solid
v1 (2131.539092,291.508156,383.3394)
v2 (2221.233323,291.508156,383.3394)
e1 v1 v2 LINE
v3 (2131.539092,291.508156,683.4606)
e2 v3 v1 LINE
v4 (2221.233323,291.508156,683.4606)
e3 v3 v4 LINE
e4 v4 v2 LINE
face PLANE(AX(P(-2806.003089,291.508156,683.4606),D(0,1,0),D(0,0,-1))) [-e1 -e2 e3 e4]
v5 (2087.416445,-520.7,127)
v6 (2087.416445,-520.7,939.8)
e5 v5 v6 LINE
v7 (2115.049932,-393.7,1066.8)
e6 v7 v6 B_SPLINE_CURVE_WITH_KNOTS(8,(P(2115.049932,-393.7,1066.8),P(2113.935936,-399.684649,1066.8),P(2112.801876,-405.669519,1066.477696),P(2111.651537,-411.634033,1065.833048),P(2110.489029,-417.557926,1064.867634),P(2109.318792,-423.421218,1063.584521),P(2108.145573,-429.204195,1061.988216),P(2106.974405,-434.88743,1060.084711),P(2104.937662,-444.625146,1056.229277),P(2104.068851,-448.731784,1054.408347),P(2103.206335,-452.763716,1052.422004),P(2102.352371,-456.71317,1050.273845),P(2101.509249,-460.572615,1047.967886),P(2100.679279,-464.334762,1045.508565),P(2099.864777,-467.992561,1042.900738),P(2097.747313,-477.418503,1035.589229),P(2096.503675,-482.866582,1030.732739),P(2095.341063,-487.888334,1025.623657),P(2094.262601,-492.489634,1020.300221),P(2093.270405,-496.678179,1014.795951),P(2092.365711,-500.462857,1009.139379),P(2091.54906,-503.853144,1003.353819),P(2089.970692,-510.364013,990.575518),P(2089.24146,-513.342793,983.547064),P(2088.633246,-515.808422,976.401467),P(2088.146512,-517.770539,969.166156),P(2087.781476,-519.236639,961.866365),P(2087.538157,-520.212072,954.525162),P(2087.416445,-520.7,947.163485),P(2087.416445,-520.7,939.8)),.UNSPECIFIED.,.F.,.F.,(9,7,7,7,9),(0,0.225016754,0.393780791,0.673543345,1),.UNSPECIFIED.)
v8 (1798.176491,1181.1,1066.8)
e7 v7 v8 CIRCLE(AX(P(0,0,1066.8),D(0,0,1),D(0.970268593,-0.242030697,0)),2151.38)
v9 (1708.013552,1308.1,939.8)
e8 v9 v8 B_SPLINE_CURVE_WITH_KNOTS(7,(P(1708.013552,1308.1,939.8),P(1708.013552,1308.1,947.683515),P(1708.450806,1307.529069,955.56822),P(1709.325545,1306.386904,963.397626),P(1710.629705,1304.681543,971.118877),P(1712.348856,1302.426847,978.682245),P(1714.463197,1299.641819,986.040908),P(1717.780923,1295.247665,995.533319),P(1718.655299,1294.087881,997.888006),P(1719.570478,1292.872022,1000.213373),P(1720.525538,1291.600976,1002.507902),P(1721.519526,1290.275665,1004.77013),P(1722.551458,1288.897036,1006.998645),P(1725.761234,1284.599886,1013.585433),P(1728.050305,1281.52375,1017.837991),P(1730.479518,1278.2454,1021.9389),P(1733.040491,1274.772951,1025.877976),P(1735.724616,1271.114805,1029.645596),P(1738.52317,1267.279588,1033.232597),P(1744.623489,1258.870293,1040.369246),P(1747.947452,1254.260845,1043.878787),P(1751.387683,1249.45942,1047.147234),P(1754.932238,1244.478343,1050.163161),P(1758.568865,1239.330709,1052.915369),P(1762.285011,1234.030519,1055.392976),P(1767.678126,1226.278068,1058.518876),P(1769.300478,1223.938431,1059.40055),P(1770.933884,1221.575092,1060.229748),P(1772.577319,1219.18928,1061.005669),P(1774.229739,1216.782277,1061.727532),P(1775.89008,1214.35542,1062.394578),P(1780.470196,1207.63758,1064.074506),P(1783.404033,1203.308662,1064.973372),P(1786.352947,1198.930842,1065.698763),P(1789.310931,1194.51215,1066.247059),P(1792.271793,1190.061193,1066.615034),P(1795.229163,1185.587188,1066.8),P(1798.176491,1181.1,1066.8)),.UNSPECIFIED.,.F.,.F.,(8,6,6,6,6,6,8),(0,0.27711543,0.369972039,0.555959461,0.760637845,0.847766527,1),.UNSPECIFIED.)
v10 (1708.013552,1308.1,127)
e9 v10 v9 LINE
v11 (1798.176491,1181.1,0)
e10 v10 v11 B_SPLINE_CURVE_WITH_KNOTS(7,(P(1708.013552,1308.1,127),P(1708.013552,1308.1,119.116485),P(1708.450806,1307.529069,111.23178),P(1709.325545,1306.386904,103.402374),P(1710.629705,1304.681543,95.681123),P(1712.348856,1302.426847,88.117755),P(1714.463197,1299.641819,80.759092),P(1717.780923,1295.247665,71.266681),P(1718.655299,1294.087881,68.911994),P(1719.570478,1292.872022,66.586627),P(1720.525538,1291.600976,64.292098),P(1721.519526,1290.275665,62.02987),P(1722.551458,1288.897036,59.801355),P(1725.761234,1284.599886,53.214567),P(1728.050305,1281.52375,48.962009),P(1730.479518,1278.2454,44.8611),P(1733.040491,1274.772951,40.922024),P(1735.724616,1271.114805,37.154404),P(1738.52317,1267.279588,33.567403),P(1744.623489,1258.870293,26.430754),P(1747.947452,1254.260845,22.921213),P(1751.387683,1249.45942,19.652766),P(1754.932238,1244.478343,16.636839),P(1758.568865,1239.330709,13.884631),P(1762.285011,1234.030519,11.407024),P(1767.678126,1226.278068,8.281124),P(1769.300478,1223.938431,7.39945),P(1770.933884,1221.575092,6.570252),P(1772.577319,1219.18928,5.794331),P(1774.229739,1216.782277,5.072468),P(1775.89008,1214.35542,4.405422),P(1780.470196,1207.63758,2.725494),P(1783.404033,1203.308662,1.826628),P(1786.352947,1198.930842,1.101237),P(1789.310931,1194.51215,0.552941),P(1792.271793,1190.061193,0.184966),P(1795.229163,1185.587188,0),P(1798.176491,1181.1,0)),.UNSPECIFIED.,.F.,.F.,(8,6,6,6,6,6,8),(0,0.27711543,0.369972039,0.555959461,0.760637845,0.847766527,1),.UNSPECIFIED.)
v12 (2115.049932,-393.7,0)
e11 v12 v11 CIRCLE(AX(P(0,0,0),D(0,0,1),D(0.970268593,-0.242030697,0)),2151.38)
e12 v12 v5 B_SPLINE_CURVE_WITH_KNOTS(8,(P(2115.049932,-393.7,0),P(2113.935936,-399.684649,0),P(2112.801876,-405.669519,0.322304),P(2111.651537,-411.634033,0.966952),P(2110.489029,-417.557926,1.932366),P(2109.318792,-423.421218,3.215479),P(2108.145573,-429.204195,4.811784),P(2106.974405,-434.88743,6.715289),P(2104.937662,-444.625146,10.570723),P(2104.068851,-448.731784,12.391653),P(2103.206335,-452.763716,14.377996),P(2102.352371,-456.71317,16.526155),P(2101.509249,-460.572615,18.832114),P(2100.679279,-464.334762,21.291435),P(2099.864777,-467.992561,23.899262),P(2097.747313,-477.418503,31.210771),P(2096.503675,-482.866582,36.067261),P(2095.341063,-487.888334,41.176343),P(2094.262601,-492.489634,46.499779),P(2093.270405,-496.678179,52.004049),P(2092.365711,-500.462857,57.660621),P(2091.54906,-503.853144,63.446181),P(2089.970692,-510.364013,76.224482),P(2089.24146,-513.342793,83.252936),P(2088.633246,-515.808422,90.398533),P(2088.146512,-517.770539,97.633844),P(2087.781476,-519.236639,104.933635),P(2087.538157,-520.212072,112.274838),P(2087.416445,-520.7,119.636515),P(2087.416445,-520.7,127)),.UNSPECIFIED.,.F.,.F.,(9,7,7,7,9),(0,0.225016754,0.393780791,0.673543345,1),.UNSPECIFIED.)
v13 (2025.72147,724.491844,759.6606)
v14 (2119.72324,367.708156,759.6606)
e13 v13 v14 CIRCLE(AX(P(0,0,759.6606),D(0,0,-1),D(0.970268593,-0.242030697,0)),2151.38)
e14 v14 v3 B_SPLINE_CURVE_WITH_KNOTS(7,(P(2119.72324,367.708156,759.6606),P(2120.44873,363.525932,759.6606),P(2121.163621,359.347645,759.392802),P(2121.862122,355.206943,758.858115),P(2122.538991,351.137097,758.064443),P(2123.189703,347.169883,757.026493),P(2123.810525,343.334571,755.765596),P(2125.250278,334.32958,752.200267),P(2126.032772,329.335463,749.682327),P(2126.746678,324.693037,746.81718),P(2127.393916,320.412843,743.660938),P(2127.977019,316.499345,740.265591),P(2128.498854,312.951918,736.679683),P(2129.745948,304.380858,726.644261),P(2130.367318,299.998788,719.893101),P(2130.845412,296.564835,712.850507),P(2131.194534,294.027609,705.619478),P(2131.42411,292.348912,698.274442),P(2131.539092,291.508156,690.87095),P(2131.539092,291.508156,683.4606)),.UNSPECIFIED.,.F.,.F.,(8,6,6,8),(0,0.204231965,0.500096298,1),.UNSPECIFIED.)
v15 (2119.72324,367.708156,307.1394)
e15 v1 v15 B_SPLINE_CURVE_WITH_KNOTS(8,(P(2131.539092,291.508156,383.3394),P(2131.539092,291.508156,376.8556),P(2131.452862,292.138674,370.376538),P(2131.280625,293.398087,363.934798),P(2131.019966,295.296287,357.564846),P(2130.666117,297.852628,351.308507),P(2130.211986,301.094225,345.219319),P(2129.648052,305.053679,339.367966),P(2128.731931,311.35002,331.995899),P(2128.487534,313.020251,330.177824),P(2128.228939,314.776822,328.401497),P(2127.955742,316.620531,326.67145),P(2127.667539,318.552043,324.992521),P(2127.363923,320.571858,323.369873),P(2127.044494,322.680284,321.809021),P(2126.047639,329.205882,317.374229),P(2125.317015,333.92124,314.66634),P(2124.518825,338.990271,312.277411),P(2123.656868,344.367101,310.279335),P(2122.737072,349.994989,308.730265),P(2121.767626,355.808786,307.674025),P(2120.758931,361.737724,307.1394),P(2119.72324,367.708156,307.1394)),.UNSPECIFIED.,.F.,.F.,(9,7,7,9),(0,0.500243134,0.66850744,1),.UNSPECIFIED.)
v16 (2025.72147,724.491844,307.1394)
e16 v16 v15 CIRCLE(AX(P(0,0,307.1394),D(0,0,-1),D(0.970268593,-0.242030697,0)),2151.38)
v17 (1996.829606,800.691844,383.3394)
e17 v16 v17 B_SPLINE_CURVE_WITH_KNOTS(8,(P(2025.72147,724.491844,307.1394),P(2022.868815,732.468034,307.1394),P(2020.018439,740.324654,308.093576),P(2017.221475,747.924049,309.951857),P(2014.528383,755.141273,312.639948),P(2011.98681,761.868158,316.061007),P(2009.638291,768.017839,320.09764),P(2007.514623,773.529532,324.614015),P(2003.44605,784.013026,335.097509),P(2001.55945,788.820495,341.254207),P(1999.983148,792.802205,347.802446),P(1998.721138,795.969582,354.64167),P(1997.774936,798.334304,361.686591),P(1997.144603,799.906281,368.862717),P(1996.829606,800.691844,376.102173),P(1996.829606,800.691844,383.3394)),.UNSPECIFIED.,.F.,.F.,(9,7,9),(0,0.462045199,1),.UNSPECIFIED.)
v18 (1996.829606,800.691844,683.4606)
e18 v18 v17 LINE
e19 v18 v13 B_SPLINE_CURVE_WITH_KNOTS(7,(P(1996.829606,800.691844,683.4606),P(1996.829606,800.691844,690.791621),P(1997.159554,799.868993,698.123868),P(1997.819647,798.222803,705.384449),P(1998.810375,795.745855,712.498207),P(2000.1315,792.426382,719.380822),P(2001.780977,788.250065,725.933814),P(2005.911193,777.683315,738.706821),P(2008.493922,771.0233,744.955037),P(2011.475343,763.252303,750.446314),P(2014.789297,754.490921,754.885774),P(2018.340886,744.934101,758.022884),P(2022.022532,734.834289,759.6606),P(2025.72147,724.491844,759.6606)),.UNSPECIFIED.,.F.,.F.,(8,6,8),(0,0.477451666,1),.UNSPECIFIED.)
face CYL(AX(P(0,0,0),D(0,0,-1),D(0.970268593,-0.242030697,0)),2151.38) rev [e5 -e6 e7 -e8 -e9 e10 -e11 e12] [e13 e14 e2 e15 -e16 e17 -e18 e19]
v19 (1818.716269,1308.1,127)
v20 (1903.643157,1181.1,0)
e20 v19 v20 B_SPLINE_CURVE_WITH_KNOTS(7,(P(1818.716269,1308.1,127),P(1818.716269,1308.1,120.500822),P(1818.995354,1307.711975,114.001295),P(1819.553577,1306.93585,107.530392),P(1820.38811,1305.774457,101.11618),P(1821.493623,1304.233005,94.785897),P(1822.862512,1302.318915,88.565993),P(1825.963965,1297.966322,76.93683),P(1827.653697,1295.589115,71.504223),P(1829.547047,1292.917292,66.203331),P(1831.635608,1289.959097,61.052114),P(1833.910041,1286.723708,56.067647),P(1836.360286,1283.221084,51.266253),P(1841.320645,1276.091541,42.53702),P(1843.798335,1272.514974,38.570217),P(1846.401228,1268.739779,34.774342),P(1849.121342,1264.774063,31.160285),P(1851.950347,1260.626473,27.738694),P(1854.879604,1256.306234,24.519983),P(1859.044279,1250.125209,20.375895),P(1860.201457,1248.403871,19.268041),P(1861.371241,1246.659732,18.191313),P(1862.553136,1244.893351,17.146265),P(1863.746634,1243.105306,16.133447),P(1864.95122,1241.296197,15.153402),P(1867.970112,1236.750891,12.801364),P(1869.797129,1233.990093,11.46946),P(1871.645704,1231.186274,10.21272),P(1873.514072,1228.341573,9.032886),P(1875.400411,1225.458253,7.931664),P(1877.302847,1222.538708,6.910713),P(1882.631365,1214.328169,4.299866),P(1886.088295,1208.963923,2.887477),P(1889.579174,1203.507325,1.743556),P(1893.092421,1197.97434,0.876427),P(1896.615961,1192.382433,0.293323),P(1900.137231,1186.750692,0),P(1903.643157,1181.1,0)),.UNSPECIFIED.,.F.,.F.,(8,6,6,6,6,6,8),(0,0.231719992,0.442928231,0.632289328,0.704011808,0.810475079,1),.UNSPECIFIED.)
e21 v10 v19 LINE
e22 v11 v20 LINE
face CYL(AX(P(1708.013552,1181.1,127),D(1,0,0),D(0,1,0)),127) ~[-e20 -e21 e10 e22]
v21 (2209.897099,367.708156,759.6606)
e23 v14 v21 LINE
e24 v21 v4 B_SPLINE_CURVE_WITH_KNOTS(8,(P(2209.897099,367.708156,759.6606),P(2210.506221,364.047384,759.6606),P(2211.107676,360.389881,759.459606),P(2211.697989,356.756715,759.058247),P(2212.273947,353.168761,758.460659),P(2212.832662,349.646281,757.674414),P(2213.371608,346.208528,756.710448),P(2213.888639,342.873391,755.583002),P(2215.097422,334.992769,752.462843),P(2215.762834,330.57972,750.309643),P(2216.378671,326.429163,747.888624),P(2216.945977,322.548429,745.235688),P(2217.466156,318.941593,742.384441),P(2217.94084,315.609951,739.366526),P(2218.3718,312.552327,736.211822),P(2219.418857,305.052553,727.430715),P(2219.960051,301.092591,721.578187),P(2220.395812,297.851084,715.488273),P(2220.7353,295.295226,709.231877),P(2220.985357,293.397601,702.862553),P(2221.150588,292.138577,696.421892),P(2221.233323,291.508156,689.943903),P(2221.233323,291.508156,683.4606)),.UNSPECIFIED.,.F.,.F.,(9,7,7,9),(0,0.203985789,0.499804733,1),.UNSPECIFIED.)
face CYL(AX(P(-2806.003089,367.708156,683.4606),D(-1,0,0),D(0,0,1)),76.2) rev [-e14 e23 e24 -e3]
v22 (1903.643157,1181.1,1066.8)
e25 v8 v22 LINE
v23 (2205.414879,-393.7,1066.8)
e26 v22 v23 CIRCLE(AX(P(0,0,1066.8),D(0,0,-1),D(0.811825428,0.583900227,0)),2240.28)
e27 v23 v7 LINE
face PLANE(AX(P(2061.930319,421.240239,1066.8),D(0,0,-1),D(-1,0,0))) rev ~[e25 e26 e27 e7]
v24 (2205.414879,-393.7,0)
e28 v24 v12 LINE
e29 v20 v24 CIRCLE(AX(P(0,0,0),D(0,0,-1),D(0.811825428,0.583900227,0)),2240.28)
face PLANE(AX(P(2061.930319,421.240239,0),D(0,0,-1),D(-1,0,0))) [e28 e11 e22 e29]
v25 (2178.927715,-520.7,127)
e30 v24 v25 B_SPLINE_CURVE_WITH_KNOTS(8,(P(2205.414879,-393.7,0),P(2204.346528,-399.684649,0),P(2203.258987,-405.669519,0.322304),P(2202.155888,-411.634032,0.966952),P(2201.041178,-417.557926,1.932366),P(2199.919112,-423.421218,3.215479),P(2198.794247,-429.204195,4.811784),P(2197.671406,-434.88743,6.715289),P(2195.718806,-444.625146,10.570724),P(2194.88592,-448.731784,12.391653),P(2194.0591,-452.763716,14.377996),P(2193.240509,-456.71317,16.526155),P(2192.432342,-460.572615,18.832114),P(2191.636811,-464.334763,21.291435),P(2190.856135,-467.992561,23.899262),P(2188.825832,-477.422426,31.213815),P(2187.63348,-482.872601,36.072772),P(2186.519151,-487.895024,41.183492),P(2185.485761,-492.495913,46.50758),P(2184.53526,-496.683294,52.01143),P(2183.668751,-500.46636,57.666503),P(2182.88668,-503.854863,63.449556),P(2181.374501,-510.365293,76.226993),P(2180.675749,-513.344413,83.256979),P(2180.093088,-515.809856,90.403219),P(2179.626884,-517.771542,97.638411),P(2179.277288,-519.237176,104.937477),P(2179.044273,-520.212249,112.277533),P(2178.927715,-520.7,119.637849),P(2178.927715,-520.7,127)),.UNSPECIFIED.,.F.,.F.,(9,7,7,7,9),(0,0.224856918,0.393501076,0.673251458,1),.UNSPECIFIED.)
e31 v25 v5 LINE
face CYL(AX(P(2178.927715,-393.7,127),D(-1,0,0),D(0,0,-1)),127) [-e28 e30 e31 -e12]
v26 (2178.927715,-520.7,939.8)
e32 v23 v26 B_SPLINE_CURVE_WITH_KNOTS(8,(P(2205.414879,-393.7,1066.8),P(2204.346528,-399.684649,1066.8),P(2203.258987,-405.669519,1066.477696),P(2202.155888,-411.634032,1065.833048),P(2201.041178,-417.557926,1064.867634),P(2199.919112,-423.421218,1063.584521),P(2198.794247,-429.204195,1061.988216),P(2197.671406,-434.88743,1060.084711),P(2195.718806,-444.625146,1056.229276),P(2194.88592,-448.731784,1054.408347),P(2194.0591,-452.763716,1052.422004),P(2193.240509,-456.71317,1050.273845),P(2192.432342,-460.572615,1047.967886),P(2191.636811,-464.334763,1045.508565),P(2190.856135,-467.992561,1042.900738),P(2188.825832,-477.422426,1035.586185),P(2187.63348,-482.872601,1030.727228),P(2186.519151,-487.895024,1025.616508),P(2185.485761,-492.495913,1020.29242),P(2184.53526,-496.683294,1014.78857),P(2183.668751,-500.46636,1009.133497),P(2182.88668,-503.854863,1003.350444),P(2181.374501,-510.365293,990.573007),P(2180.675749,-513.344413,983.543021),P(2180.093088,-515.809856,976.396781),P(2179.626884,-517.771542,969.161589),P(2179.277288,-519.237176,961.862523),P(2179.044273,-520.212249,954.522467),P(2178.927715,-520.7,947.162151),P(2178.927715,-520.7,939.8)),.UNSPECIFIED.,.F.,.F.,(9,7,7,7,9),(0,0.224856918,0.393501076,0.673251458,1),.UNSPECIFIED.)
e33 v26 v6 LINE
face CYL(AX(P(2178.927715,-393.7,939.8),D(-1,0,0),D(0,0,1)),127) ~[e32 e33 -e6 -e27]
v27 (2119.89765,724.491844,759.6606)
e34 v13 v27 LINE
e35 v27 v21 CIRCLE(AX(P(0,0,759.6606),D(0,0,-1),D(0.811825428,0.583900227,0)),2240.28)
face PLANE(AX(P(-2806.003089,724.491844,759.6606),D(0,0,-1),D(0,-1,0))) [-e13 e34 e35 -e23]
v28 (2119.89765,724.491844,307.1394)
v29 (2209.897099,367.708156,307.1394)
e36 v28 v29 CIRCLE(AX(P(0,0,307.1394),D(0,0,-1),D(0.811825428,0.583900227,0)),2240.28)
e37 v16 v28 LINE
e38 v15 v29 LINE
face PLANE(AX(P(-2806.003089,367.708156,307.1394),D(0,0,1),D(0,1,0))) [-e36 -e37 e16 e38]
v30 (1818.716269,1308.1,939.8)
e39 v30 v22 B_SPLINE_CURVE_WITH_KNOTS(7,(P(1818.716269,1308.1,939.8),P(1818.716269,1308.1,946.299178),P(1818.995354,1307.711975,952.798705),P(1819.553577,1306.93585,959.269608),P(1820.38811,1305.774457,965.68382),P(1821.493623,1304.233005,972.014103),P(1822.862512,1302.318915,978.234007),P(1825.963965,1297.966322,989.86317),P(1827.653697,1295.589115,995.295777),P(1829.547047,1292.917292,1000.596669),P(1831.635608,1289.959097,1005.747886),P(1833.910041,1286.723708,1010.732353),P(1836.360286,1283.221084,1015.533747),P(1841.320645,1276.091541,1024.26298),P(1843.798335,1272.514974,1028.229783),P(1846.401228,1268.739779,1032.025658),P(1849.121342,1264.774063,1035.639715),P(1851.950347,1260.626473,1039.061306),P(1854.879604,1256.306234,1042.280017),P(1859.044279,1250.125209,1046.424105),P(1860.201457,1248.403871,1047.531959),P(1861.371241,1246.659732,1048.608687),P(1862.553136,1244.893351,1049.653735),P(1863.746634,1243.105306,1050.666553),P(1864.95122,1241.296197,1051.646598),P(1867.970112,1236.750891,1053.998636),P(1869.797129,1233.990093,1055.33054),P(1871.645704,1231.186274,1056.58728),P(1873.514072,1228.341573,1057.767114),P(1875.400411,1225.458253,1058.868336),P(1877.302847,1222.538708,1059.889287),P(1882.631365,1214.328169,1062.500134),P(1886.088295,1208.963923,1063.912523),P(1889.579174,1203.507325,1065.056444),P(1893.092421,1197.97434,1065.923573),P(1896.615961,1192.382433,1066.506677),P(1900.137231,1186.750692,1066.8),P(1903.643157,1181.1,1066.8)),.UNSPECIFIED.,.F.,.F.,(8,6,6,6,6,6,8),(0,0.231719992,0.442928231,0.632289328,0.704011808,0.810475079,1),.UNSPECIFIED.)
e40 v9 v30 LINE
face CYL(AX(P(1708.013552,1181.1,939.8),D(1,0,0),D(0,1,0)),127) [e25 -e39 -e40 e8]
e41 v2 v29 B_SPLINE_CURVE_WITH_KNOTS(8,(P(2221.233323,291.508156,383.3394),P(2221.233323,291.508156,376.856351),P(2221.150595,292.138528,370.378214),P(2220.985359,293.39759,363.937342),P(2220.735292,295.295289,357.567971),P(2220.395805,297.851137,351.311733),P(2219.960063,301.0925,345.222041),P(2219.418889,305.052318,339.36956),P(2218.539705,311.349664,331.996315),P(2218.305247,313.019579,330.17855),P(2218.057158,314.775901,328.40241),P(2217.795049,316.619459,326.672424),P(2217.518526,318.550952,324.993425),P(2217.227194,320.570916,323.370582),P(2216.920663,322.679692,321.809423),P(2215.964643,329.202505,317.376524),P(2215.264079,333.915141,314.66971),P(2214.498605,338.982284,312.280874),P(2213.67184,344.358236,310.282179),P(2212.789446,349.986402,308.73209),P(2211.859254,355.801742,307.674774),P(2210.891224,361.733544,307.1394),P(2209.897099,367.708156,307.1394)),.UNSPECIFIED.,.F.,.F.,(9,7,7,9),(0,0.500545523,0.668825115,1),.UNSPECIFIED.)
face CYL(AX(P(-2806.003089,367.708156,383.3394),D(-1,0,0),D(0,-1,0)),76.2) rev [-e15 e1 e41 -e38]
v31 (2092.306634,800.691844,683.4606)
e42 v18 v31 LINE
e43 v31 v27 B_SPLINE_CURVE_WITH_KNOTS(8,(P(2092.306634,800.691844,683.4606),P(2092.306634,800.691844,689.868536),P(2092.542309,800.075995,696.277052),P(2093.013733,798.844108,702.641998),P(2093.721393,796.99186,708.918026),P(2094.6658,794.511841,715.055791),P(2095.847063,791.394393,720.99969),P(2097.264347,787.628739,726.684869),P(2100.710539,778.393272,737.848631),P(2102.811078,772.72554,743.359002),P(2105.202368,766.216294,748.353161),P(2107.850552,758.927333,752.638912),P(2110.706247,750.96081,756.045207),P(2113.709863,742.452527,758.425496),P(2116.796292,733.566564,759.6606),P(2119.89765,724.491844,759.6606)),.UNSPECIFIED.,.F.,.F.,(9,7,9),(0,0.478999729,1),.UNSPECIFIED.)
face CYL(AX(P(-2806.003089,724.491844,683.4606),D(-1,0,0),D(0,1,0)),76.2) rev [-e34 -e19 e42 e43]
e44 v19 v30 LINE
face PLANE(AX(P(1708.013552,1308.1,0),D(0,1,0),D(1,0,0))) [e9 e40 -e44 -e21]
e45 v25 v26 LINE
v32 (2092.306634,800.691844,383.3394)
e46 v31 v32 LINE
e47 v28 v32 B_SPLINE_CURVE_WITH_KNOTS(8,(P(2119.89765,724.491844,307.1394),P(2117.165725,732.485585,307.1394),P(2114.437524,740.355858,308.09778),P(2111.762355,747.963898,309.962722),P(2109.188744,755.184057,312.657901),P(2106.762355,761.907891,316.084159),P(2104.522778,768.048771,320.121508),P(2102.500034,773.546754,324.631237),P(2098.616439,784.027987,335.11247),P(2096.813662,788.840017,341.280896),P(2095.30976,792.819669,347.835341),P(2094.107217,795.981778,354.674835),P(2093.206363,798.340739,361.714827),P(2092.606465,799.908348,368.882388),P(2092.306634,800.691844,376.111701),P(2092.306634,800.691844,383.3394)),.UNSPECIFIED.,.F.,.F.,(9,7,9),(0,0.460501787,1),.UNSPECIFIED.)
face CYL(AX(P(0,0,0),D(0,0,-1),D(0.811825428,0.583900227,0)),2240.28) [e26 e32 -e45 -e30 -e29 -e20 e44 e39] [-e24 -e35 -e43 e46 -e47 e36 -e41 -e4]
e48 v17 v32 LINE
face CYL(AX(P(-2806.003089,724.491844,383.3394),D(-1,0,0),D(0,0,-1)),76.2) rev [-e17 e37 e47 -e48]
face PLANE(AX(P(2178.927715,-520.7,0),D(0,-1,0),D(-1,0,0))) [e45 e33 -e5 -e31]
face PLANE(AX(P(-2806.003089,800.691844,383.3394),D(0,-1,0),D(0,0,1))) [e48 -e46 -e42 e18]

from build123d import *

# Parameters (mm, degrees)
BOSS_EXTRUDE2_DEPTH     = 1066.8
CUT_EXTRUDE1_DEPTH      = 2806.00308884
CUT_EXTRUDE1_DEPTH_BACK = 2806.00308884
FILLET1_R               = 127


with BuildPart() as part:
    # Sketch1 → Boss-Extrude2 (new body)
    with BuildSketch(Plane.XY):
        with BuildLine():
            Line((1708.013552171, 1308.1), (1818.71626935, 1308.1))
            ThreePointArc((1818.71626935, 1308.1), (2198.04838822, 432.940829033), (2178.927715276, -520.7))
            Line((2178.927715276, -520.7), (2087.416444891, -520.7))
            ThreePointArc((2087.416444891, -520.7), (2106.525474721, 437.019826496), (1708.013552171, 1308.1))
        make_face()
    extrude(amount=BOSS_EXTRUDE2_DEPTH)

    # Sketch2 → Cut-Extrude1 (cut, two sides: drawn at the far end of the back side and taken through both)
    with BuildSketch(Plane(origin=(0, 0, 0), x_dir=(0, 0, -1), z_dir=(1, 0, 0)).offset(-CUT_EXTRUDE1_DEPTH_BACK)):
        with BuildLine():
            Line((-683.460599828, 291.508156212), (-383.339400172, 291.508156212))
            ThreePointArc((-383.339400172, 291.508156212), (-329.457863446, 313.826619486), (-307.139400172, 367.708156212))
            Line((-307.139400172, 367.708156212), (-307.139400172, 724.491843788))
            ThreePointArc((-307.139400172, 724.491843788), (-329.457863446, 778.373380514), (-383.339400172, 800.691843788))
            Line((-383.339400172, 800.691843788), (-683.460599828, 800.691843788))
            ThreePointArc((-683.460599828, 800.691843788), (-737.342136554, 778.373380514), (-759.660599828, 724.491843788))
            Line((-759.660599828, 724.491843788), (-759.660599828, 367.708156212))
            ThreePointArc((-759.660599828, 367.708156212), (-737.342136554, 313.826619486), (-683.460599828, 291.508156212))
        make_face()
    extrude(amount=CUT_EXTRUDE1_DEPTH + CUT_EXTRUDE1_DEPTH_BACK, mode=Mode.SUBTRACT)

    # Fillet1
    fillet1_edges = [part.edges().sort_by_distance(p)[0] for p in [
        (2133.172080084, -520.7, 1066.8),
        (2133.172080084, -520.7, 0),
        (1763.364910761, 1308.1, 0),
        (1763.364910761, 1308.1, 1066.8),
    ]]
    fillet(fillet1_edges, radius=FILLET1_R)


solid = part.part
